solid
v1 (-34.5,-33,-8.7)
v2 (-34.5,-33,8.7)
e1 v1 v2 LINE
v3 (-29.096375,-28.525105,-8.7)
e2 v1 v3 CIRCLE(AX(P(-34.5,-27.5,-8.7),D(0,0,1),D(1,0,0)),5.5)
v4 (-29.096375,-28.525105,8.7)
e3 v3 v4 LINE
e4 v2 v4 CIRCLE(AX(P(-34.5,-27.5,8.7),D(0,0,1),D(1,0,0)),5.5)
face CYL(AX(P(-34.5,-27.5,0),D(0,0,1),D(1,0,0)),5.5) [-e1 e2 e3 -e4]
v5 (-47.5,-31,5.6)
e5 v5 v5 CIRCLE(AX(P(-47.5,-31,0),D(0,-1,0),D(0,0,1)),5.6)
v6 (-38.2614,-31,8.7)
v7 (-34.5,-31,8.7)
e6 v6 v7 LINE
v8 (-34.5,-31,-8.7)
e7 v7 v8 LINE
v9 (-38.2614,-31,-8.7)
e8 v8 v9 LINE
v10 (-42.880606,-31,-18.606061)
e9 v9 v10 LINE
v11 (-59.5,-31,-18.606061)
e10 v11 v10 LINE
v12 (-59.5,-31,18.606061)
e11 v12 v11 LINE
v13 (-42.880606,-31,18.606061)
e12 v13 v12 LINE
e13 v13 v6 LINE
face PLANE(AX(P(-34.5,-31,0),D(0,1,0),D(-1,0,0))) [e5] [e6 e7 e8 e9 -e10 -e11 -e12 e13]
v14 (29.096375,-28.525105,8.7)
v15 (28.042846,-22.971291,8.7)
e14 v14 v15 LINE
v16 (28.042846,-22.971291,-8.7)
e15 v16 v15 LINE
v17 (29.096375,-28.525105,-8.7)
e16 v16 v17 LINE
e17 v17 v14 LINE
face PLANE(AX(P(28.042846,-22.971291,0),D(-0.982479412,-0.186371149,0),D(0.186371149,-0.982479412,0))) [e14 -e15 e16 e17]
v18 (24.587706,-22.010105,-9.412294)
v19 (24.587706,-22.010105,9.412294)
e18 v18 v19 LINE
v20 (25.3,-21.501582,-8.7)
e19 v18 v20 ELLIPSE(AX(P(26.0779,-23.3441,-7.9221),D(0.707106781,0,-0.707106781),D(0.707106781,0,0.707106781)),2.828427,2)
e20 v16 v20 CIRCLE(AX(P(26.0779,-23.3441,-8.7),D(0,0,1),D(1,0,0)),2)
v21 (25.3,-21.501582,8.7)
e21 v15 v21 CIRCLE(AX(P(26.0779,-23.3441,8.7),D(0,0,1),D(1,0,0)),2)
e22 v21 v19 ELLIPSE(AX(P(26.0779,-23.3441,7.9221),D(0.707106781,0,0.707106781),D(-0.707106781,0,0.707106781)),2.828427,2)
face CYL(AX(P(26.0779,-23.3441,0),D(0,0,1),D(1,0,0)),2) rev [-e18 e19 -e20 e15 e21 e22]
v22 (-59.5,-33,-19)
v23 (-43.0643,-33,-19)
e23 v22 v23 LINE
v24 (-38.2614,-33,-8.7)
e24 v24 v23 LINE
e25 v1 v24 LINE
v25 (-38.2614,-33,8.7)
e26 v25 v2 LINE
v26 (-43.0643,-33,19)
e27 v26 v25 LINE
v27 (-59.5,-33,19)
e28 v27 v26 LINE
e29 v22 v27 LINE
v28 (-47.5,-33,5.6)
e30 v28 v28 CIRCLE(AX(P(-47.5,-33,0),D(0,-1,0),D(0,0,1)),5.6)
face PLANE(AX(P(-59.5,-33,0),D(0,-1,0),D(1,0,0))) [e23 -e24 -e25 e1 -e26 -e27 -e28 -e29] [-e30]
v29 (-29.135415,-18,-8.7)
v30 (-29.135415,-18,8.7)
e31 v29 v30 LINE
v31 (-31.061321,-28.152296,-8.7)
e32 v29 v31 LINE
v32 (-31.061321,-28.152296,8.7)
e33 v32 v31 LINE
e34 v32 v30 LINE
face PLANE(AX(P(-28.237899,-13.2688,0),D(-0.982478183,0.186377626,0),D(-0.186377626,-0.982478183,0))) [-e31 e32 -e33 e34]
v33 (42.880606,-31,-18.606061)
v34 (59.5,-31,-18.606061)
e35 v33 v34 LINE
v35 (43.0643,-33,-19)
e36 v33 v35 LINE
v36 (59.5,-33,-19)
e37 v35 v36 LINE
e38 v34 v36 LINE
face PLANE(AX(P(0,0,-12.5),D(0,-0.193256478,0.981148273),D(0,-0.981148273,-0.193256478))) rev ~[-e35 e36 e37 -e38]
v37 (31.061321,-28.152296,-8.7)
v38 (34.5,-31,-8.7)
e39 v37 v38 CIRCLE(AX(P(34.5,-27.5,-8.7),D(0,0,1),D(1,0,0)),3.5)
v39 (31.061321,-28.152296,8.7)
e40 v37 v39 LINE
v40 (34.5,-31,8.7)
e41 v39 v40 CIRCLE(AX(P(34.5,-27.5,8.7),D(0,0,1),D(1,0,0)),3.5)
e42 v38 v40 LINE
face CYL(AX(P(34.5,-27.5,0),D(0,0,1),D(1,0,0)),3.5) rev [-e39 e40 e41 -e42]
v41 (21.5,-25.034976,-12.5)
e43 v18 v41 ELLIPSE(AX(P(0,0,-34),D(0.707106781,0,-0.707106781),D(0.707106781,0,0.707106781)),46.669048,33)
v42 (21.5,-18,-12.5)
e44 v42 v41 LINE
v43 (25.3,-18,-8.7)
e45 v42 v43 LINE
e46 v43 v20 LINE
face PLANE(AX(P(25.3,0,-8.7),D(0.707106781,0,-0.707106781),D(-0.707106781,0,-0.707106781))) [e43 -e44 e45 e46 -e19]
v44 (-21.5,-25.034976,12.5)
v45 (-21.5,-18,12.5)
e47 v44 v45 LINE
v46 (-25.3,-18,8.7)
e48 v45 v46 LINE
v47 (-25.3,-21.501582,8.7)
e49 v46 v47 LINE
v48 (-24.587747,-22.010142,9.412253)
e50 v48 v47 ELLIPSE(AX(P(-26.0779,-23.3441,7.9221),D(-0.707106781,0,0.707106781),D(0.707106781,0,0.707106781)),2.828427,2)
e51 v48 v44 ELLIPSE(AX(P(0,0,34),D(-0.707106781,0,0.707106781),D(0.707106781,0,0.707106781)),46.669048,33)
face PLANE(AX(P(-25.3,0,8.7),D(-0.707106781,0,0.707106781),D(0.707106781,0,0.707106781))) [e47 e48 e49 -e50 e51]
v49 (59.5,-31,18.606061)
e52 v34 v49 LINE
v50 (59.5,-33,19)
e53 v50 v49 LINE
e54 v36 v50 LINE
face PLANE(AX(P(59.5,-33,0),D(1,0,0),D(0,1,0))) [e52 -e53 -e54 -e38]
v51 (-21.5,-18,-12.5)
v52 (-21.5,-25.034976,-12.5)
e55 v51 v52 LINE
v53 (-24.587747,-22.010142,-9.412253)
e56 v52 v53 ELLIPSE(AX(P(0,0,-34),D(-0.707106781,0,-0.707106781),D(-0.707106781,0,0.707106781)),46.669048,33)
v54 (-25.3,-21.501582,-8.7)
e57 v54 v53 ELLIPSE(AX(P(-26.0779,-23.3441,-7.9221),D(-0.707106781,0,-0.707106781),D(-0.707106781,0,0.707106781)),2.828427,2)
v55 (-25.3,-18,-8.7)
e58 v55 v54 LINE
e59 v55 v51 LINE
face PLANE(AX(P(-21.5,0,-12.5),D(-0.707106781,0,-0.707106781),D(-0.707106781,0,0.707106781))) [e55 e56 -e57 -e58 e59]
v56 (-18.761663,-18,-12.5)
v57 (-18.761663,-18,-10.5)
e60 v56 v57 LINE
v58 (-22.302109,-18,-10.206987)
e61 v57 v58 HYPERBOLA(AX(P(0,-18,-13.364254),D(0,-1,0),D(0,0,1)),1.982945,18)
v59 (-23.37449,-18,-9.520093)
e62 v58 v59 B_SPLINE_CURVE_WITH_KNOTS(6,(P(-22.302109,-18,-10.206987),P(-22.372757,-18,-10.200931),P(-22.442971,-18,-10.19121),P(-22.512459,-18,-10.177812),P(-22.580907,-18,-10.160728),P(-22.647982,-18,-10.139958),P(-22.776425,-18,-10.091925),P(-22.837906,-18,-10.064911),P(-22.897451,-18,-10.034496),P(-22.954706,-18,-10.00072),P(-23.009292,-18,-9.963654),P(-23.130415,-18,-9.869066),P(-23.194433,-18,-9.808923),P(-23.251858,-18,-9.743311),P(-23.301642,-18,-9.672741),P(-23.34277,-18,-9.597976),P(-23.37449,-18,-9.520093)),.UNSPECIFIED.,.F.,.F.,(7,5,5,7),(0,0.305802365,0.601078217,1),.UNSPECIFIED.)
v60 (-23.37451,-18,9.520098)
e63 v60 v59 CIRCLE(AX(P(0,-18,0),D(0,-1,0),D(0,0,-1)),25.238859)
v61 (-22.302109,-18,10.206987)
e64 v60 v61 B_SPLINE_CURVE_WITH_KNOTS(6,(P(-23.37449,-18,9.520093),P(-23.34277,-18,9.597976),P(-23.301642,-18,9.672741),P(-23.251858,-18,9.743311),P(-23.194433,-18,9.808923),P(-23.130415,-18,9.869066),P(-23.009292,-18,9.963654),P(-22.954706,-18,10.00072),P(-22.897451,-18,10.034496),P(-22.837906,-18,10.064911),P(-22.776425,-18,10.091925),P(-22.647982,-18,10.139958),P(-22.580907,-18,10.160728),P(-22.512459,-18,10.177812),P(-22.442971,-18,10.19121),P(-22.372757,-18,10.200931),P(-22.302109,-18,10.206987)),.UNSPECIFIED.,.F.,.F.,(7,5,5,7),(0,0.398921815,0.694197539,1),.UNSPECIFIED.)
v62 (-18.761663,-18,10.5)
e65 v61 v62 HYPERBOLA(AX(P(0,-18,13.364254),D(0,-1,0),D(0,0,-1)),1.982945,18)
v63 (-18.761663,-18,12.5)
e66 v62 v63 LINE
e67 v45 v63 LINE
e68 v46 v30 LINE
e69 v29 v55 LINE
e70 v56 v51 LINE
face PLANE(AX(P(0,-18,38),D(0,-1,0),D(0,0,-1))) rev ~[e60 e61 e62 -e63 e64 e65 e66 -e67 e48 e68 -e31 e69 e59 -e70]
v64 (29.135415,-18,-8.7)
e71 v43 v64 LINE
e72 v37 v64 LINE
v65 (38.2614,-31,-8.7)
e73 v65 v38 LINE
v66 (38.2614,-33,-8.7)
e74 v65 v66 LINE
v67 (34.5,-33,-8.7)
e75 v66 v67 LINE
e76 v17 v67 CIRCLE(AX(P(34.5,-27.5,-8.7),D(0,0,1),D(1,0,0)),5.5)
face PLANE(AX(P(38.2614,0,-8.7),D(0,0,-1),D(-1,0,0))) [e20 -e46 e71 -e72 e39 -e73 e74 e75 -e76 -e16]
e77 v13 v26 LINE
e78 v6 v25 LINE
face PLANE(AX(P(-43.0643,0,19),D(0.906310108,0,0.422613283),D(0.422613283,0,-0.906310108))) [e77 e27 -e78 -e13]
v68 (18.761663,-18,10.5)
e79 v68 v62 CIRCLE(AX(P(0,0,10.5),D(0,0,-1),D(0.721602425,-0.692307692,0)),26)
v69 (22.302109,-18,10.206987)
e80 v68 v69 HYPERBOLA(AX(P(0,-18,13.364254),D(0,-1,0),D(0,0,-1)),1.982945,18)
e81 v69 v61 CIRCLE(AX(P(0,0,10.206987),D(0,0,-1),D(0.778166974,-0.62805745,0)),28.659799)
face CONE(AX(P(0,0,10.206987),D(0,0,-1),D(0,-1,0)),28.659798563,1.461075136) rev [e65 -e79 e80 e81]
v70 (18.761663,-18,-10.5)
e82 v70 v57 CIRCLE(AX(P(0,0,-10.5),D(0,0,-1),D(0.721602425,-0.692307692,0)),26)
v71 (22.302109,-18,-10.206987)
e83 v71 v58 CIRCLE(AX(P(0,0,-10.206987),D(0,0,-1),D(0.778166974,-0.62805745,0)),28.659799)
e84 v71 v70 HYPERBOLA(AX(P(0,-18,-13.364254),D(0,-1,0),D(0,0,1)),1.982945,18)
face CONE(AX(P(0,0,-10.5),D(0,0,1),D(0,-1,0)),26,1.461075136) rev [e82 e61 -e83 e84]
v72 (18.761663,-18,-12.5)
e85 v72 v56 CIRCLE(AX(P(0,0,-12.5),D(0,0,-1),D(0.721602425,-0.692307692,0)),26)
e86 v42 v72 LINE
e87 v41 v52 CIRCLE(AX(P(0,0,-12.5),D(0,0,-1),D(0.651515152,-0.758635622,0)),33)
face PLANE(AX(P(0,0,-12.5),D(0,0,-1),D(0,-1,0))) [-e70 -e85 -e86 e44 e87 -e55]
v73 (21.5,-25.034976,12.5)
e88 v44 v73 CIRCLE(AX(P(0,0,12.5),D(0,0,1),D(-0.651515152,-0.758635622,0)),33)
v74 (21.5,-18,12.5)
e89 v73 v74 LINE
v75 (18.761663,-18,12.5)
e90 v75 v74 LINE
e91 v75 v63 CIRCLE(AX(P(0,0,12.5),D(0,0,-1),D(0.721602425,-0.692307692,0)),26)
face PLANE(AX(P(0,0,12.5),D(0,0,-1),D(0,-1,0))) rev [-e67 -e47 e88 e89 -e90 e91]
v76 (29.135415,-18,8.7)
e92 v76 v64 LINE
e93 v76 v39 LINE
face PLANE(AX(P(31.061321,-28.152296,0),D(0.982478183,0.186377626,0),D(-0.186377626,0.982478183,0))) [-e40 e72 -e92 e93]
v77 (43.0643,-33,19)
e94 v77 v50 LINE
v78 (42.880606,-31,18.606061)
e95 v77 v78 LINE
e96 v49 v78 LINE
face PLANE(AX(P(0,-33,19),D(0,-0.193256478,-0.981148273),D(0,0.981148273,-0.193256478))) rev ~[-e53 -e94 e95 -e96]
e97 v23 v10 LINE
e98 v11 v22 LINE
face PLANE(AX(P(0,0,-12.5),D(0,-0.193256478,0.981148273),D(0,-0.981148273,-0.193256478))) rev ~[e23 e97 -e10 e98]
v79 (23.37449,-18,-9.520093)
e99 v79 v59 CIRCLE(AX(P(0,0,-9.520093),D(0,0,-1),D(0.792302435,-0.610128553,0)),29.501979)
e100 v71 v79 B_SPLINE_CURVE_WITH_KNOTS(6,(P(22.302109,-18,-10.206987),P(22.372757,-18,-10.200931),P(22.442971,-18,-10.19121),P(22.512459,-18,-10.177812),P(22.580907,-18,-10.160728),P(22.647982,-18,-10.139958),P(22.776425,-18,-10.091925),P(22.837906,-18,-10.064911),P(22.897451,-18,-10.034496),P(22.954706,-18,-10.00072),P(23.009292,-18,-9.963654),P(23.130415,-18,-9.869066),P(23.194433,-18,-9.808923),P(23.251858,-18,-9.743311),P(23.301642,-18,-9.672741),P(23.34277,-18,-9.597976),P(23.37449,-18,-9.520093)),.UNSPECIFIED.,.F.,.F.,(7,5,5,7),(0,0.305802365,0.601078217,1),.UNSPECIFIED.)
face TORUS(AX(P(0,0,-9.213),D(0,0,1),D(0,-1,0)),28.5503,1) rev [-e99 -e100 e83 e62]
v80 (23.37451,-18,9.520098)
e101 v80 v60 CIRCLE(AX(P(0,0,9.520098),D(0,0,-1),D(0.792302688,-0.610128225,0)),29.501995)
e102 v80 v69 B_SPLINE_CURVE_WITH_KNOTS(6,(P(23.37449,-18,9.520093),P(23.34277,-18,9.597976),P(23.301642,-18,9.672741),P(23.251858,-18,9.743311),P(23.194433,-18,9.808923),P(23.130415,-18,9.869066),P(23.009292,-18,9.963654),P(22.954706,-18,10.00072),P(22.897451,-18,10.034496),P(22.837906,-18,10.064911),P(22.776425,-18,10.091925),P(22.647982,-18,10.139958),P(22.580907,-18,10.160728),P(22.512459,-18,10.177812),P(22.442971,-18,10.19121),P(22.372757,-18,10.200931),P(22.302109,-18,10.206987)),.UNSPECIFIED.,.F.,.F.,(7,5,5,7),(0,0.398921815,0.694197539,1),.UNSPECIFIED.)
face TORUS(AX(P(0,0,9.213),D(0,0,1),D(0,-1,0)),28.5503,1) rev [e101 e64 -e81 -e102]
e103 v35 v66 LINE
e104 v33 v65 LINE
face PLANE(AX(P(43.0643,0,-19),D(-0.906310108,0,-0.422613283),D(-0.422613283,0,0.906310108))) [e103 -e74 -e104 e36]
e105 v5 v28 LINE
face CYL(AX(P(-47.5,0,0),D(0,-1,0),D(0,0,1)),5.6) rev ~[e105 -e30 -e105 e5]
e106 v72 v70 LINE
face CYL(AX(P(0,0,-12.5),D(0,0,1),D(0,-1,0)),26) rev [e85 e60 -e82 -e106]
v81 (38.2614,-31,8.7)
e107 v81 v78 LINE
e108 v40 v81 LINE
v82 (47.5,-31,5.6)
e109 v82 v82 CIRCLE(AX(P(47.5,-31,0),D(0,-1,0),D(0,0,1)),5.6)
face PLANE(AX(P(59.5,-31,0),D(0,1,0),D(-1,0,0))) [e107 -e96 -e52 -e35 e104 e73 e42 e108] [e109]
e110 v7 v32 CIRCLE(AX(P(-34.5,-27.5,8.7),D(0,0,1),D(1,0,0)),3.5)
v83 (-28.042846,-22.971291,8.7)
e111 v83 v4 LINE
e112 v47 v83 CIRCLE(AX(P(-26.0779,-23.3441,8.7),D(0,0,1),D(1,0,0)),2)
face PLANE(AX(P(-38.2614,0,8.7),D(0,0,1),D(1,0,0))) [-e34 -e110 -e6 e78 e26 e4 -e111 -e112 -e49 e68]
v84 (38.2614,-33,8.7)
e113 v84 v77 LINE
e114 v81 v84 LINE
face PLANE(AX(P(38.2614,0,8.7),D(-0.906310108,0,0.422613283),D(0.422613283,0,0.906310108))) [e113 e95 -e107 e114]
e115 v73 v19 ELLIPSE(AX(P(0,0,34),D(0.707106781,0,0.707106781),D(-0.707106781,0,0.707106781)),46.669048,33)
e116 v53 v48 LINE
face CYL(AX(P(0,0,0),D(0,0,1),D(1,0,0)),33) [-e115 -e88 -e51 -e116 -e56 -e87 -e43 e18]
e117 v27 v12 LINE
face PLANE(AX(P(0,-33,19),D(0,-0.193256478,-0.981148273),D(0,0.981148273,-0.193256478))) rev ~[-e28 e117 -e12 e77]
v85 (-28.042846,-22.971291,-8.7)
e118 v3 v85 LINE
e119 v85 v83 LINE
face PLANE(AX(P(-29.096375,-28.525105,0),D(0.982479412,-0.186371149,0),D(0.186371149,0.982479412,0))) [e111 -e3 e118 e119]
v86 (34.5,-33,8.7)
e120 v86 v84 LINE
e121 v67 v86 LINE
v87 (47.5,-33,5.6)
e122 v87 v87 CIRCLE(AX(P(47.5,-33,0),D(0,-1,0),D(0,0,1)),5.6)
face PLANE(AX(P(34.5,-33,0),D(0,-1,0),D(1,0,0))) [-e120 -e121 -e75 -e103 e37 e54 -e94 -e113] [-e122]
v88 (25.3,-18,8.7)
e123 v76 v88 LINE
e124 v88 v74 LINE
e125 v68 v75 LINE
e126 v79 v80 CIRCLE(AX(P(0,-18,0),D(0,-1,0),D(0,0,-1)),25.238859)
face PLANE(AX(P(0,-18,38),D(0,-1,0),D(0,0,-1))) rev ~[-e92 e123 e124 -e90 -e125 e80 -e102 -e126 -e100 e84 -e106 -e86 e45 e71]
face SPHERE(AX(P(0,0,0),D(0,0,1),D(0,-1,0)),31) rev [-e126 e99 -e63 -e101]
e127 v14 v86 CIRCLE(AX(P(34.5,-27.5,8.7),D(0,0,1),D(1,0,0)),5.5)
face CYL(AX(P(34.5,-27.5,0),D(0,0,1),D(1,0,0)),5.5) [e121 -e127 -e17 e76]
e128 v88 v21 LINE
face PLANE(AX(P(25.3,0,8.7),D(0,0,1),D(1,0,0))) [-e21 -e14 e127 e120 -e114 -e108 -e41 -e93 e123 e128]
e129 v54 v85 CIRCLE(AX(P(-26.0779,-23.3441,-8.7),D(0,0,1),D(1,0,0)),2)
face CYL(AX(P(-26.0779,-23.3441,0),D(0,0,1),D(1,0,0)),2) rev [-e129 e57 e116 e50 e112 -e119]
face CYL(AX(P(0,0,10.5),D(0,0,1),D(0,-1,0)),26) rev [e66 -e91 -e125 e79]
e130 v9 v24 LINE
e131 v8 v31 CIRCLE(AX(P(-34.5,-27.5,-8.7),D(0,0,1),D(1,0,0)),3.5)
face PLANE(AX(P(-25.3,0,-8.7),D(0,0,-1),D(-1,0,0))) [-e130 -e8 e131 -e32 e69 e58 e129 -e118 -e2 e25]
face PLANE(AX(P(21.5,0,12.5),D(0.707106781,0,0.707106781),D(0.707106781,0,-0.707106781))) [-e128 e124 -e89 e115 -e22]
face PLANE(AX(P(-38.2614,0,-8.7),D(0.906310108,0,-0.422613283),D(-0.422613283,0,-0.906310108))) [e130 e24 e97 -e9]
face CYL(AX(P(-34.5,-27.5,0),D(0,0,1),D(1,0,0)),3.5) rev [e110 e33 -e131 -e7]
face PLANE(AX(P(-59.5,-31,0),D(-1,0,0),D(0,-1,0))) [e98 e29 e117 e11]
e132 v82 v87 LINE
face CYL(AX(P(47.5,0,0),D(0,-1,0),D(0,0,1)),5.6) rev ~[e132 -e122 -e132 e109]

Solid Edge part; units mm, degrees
sketch "Sketch1" plane through (0, 0, 0) normal (0, 0, 1) x (1, 0, 0)
  line L0 (-59.5, -31) -> (-59.5, -33)
  line L1 (-59.5, -33) -> (-34.5, -33)
  arc A0 (-34.5, -33) -> (-29.0964, -28.5251) centre (-34.5, -27.5) ccw
  line L2 (-29.0964, -28.5251) -> (-28.0428, -22.9713)
  arc A1 (-28.0428, -22.9713) -> (-24.5877, -22.0101) centre (-26.0779, -23.3441) cw
  arc A2 (-24.5877, -22.0101) -> (24.5877, -22.0101) centre (0, 0) ccw
  arc A3 (24.5877, -22.0101) -> (28.0428, -22.9713) centre (26.0779, -23.3441) cw
  line L3 (28.0428, -22.9713) -> (29.0964, -28.5251)
  arc A4 (29.0964, -28.5251) -> (34.5, -33) centre (34.5, -27.5) ccw
  line L4 (34.5, -33) -> (59.5, -33)
  line L5 (59.5, -33) -> (59.5, -31)
  line L6 (59.5, -31) -> (34.5, -31)
  arc A5 (34.5, -31) -> (31.0613, -28.1523) centre (34.5, -27.5) cw
  line L7 (31.0613, -28.1523) -> (28.2379, -13.2688)
  arc A6 (28.2379, -13.2688) -> (-28.2379, -13.2688) centre (0, 0) cw
  line L8 (-28.2379, -13.2688) -> (-31.0613, -28.1523)
  arc A7 (-31.0613, -28.1523) -> (-34.5, -31) centre (-34.5, -27.5) cw
  line L9 (-34.5, -31) -> (-59.5, -31)
extrude "ExtrudedProtrusion_1" add sketch "Sketch1" against normal blind 19 and the other way blind 19
sketch "Sketch2" plane through (0, 0, 0) normal (1, 0, 0) x (0, 1, 0)
  line L0 (-33, 19) -> (0, 12.5)
  line L1 (0, 12.5) -> (33, 12.5)
  line L2 (33, 12.5) -> (33, -12.5)
  line L3 (33, -12.5) -> (0, -12.5)
  line L4 (0, -12.5) -> (-33, -19)
  line L5 (-33, -19) -> (34, -19)
  line L6 (34, -19) -> (34, 19)
  line L7 (34, 19) -> (-33, 19)
extrude "ExtrudedCutout_1" cut sketch "Sketch2" against normal blind 59.5 and the other way blind 59.5
hole "Hole_1" at (47.5, 0, 0) direction (0, -1, 0) diameter 11.2 depth 33
hole "Hole_2" at (-47.5, 0, 0) direction (0, -1, 0) diameter 11.2 depth 33
sketch "Sketch3" plane through (0, 0, 0) normal (1, 0, 0) x (0, 1, 0)
  line L0 (-26, 12.5) -> (-31.35, 12.5)
  line L1 (-31.35, 12.5) -> (-31.35, -12.5)
  line L2 (-31.35, -12.5) -> (-26, -12.5)
  line L3 (-26, -12.5) -> (-26, -10.5)
  line L4 (-26, -10.5) -> (-28.6598, -10.207)
  arc A0 (-28.6598, -10.207) -> (-29.502, -9.5201) centre (-28.5503, -9.213) cw
  arc A1 (-29.502, -9.5201) -> (-29.502, 9.5201) centre (0, 0) cw
  arc A2 (-29.502, 9.5201) -> (-28.6598, 10.207) centre (-28.5503, 9.213) cw
  line L5 (-28.6598, 10.207) -> (-26, 10.5)
  line L6 (-26, 10.5) -> (-26, 12.5)
revolve "RevolvedProtrusion1" add sketch "Sketch3" angle 360 about axis through (0, 0, 19) along (0, 0, -1)
sketch "Sketch4" plane through (0, 0, 0) normal (1, 0, 0) x (0, 1, 0)
  line L0 (48, 38) -> (-18, 38)
  line L1 (-18, 38) -> (-18, -38)
  line L2 (-18, -38) -> (48, -38)
  line L3 (48, -38) -> (48, 38)
extrude "ExtrudedCutout_2" cut sketch "Sketch4" against normal blind 119 and the other way blind 119
sketch "Sketch5" plane through (0, 0, 0) normal (0, -1, 0) x (1, 0, 0)
  line L0 (-69.5, 29) -> (69.5, 29)
  line L1 (69.5, 29) -> (69.5, -29)
  line L2 (69.5, -29) -> (-69.5, -29)
  line L3 (-69.5, -29) -> (-69.5, 29)
  line L4 (-59.5, -19) -> (-59.5, 19)
  line L5 (-59.5, 19) -> (-43.0643, 19)
  line L6 (-43.0643, 19) -> (-38.2614, 8.7)
  line L7 (-38.2614, 8.7) -> (-25.3, 8.7)
  line L8 (-25.3, 8.7) -> (-21.5, 12.5)
  line L9 (-21.5, 12.5) -> (21.5, 12.5)
  line L10 (21.5, 12.5) -> (25.3, 8.7)
  line L11 (25.3, 8.7) -> (38.2614, 8.7)
  line L12 (38.2614, 8.7) -> (43.0643, 19)
  line L13 (43.0643, 19) -> (59.5, 19)
  line L14 (59.5, 19) -> (59.5, -19)
  line L15 (59.5, -19) -> (43.0643, -19)
  line L16 (43.0643, -19) -> (38.2614, -8.7)
  line L17 (38.2614, -8.7) -> (25.3, -8.7)
  line L18 (25.3, -8.7) -> (21.5, -12.5)
  line L19 (21.5, -12.5) -> (-21.5, -12.5)
  line L20 (-21.5, -12.5) -> (-25.3, -8.7)
  line L21 (-25.3, -8.7) -> (-38.2614, -8.7)
  line L22 (-38.2614, -8.7) -> (-43.0643, -19)
  line L23 (-43.0643, -19) -> (-59.5, -19)
extrude "ExtrudedCutout_3" cut sketch "Sketch5" along normal blind 33
properties part number "housingP 62-h"
